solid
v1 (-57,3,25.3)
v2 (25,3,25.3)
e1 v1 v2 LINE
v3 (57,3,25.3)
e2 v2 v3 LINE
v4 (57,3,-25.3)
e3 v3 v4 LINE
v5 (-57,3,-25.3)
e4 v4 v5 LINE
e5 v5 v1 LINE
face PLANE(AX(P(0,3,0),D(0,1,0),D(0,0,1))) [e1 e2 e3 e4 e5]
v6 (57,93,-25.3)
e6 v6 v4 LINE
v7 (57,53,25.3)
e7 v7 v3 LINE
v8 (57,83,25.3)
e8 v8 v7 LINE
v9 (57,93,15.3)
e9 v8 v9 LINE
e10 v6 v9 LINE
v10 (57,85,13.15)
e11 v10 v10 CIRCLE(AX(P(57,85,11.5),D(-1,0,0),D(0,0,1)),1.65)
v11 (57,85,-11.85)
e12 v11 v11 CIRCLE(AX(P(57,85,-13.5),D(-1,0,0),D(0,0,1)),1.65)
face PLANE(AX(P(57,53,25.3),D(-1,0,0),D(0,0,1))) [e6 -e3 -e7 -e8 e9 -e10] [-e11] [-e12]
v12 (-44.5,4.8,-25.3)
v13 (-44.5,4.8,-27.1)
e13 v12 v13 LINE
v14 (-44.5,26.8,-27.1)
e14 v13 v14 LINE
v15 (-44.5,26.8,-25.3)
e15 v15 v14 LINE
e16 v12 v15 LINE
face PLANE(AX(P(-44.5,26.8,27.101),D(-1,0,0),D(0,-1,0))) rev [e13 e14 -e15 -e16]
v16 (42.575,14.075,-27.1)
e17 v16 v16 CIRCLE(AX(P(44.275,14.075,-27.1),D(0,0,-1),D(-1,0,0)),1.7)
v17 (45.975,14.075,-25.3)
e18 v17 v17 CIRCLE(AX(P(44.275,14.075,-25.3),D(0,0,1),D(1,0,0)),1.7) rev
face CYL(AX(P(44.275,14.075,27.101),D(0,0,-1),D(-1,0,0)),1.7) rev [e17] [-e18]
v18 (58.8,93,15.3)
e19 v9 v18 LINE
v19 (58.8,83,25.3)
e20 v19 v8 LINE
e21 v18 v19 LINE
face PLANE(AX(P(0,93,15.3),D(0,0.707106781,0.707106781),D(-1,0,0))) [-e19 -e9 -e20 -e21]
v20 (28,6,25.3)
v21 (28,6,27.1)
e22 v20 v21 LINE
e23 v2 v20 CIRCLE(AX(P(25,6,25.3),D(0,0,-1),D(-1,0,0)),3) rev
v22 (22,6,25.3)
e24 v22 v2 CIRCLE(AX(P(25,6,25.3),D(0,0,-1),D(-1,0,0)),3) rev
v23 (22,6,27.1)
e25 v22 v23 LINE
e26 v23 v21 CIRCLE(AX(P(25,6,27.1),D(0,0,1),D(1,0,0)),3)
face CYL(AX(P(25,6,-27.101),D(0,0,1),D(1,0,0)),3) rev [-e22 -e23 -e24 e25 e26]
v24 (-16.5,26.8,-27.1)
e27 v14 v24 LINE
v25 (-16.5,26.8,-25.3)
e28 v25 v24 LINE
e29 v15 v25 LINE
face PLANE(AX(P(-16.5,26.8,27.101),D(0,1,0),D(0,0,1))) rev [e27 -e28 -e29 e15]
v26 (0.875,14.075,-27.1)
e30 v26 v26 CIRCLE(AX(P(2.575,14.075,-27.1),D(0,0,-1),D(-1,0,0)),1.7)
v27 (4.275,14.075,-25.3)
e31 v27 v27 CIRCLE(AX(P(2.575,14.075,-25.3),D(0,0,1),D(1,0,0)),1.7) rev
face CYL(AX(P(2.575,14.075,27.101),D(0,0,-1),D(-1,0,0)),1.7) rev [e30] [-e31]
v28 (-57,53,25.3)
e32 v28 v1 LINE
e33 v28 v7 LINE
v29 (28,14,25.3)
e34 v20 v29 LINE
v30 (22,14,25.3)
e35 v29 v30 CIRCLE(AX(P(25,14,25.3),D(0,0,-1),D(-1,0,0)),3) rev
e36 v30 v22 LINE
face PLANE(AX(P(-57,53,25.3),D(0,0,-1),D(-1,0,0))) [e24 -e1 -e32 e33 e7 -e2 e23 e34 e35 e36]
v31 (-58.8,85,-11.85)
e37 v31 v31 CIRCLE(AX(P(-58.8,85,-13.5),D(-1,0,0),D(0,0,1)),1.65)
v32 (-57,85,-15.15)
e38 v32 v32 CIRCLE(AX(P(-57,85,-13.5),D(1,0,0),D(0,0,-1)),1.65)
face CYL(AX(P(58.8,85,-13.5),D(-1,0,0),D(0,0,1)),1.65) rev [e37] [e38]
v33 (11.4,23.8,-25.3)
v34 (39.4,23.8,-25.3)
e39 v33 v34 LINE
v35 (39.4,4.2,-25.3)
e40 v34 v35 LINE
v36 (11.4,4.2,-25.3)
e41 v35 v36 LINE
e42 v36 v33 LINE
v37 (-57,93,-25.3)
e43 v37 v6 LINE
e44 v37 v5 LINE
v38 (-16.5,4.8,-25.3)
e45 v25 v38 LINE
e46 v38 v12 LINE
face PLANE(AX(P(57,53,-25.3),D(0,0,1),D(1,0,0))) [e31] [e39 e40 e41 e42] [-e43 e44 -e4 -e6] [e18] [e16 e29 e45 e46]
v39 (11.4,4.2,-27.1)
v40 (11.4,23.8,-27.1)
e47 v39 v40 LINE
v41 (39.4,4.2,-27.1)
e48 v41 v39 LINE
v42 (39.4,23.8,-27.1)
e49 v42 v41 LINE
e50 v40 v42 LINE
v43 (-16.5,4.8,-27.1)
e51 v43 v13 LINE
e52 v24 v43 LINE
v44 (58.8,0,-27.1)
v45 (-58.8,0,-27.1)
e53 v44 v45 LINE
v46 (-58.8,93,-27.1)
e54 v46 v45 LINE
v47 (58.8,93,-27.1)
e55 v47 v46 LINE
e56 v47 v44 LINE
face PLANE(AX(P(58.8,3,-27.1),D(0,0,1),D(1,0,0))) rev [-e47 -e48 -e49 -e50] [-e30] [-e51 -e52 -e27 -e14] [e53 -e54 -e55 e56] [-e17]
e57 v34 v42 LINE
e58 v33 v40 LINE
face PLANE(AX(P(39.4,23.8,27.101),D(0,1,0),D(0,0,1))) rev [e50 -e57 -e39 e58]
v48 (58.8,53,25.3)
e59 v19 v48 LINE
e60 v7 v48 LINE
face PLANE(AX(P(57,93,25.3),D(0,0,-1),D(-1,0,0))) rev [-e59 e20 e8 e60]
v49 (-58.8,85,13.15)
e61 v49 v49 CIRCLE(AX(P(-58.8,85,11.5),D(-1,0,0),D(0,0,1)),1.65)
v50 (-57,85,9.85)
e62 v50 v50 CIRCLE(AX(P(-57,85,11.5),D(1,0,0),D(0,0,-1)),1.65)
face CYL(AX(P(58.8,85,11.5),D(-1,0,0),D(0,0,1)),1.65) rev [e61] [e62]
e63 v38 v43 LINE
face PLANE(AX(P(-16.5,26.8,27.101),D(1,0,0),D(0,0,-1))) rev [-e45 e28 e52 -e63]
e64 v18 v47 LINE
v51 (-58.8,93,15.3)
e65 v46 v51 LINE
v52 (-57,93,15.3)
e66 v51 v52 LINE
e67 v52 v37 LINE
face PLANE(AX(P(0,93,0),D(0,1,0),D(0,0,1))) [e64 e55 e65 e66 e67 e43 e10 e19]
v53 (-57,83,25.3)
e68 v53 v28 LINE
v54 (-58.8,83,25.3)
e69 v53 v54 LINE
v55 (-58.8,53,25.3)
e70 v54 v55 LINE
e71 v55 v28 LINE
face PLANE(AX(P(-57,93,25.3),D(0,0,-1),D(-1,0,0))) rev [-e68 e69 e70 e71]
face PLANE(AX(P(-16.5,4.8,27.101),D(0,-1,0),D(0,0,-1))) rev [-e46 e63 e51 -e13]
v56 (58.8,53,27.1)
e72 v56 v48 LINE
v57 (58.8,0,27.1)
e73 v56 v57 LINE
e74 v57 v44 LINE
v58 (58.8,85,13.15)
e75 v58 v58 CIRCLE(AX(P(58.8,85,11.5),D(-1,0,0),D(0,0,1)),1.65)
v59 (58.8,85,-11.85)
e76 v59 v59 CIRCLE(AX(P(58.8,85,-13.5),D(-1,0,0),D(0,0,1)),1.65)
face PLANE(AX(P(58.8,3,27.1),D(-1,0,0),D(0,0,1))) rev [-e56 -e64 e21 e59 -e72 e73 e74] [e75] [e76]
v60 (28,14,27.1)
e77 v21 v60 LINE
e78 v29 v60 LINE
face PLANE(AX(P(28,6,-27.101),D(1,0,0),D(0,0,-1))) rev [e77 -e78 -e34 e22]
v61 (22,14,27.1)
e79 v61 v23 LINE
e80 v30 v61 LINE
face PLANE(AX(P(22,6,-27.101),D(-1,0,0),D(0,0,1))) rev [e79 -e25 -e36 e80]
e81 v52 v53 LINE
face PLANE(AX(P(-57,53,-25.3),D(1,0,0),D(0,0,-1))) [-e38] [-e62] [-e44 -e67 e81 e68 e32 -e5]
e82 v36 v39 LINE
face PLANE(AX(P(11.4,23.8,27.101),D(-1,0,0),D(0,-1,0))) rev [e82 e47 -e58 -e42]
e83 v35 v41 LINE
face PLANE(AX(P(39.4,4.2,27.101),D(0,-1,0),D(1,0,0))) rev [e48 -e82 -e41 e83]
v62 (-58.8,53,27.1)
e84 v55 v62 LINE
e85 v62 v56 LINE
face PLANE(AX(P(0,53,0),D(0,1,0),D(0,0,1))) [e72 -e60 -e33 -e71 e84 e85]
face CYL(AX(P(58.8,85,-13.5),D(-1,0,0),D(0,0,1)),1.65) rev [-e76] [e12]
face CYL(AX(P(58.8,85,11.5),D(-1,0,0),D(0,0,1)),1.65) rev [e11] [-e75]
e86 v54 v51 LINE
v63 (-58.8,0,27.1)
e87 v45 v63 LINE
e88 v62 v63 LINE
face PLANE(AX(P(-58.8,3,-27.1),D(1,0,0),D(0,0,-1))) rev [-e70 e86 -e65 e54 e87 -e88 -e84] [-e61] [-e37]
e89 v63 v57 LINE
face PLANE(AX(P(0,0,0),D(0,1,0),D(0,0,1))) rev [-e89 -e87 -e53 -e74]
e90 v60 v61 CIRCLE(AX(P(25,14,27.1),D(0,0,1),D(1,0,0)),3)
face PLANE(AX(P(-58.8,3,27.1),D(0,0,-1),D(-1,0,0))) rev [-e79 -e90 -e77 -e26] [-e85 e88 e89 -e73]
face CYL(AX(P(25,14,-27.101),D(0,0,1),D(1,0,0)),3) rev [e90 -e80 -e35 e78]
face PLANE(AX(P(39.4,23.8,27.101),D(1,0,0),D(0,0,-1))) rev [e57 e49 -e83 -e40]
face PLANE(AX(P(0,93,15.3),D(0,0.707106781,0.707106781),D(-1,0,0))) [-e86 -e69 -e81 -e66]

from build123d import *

# Parameters (mm, degrees)
SKETCH2_W           = 117.6
SKETCH2_H           = 54.2
BOSS_EXTRUDE1_DEPTH = 3
SKETCH3_W           = 117.6
SKETCH3_H           = 54.2
SKETCH3_W_2         = 114
SKETCH3_H_2         = 50.6
BOSS_EXTRUDE2_DEPTH = 50
BOSS_EXTRUDE3_DEPTH = 40
CHAMFER1_SIZE       = 10
SKETCH5_R           = 1.65
CUT_EXTRUDE1_DEPTH  = 153.358688627
CUT_EXTRUDE2_REACH  = 124.654
SKETCH6_R           = 1.7
SKETCH6_W           = 28
SKETCH6_H           = 19.6
SKETCH6_H_2         = 22
CUT_EXTRUDE3_REACH  = 124.654


with BuildPart() as part:
    # Sketch2 → Boss-Extrude1 (new body)
    with BuildSketch(Plane(origin=(0, 0, 0), x_dir=(1, 0, 0), z_dir=(0, 1, 0))):
        Rectangle(SKETCH2_W, SKETCH2_H)
    extrude(amount=BOSS_EXTRUDE1_DEPTH)

    # Sketch3 → Boss-Extrude2 (add)
    with BuildSketch(Plane(origin=(0, 3, 0), x_dir=(1, 0, 0), z_dir=(0, 1, 0))):
        Rectangle(SKETCH3_W, SKETCH3_H)
        Rectangle(SKETCH3_W_2, SKETCH3_H_2, mode=Mode.SUBTRACT)
    extrude(amount=BOSS_EXTRUDE2_DEPTH)

    # Sketch4 → Boss-Extrude3 (add)
    with BuildSketch(Plane(origin=(0, 53, 0), x_dir=(1, 0, 0), z_dir=(0, 1, 0))):
        Polygon((57, -25.3), (57, 25.3), (-57, 25.3), (-57, -25.3), (-58.8, -25.3), (-58.8, 27.1), (58.8, 27.1), (58.8, -25.3), align=None)
    extrude(amount=BOSS_EXTRUDE3_DEPTH)

    # Chamfer1
    chamfer1_edges = [part.edges().sort_by_distance(p)[0] for p in [
        (-57.9, 93, 25.3),
        (57.9, 93, 25.3),
    ]]
    chamfer(chamfer1_edges, length=CHAMFER1_SIZE)

    # Sketch5 → Cut-Extrude1 (cut, through all)
    with BuildSketch(Plane.ZY.offset(58.8)):
        with Locations((11.5, 85)):
            Circle(SKETCH5_R)
        with Locations((-13.5, 85)):
            Circle(SKETCH5_R)
    extrude(amount=-CUT_EXTRUDE1_DEPTH, mode=Mode.SUBTRACT)

    # Sketch6 → Cut-Extrude2 (cut, up to next)
    with BuildSketch(Plane(origin=(0, 0, -27.1), x_dir=(-1, 0, 0), z_dir=(0, 0, -1)), mode=Mode.PRIVATE) as cut_extrude2_sk1:
        with Locations((-2.575, 14.075)):
            Circle(SKETCH6_R)
    cut_extrude2_tool1 = extrude(cut_extrude2_sk1.sketch, amount=-CUT_EXTRUDE2_REACH, mode=Mode.PRIVATE) & part.part
    # Sketch6 → Cut-Extrude2 (cut, up to next)
    with BuildSketch(Plane(origin=(0, 0, -27.1), x_dir=(-1, 0, 0), z_dir=(0, 0, -1)), mode=Mode.PRIVATE) as cut_extrude2_sk2:
        with Locations((-44.275, 14.075)):
            Circle(SKETCH6_R)
    cut_extrude2_tool2 = extrude(cut_extrude2_sk2.sketch, amount=-CUT_EXTRUDE2_REACH, mode=Mode.PRIVATE) & part.part
    # Sketch6 → Cut-Extrude2 (cut, up to next)
    with BuildSketch(Plane(origin=(0, 0, -27.1), x_dir=(-1, 0, 0), z_dir=(0, 0, -1)), mode=Mode.PRIVATE) as cut_extrude2_sk3:
        with Locations((-25.4, 14)):
            Rectangle(SKETCH6_W, SKETCH6_H)
    cut_extrude2_tool3 = extrude(cut_extrude2_sk3.sketch, amount=-CUT_EXTRUDE2_REACH, mode=Mode.PRIVATE) & part.part
    # Sketch6 → Cut-Extrude2 (cut, up to next)
    with BuildSketch(Plane(origin=(0, 0, -27.1), x_dir=(-1, 0, 0), z_dir=(0, 0, -1)), mode=Mode.PRIVATE) as cut_extrude2_sk4:
        with Locations((30.5, 15.8)):
            Rectangle(SKETCH6_W, SKETCH6_H_2)
    cut_extrude2_tool4 = extrude(cut_extrude2_sk4.sketch, amount=-CUT_EXTRUDE2_REACH, mode=Mode.PRIVATE) & part.part
    add(cut_extrude2_tool1.solids().sort_by_distance((2.575, 14.075, -27.1))[0], mode=Mode.SUBTRACT)
    add(cut_extrude2_tool2.solids().sort_by_distance((44.275, 14.075, -27.1))[0], mode=Mode.SUBTRACT)
    add(cut_extrude2_tool3.solids().sort_by_distance((25.4, 14, -27.1))[0], mode=Mode.SUBTRACT)
    add(cut_extrude2_tool4.solids().sort_by_distance((-30.5, 15.8, -27.1))[0], mode=Mode.SUBTRACT)

    # Sketch7 → Cut-Extrude3 (cut, up to next)
    with BuildSketch(Plane.XY.offset(27.1), mode=Mode.PRIVATE) as cut_extrude3_sk1:
        with BuildLine():
            Line((22, 6), (22, 14))
            ThreePointArc((22, 14), (25, 17), (28, 14))
            Line((28, 14), (28, 6))
            ThreePointArc((28, 6), (25, 3), (22, 6))
        make_face()
    cut_extrude3_tool1 = extrude(cut_extrude3_sk1.sketch, amount=-CUT_EXTRUDE3_REACH, mode=Mode.PRIVATE) & part.part
    add(cut_extrude3_tool1.solids().sort_by_distance((25, 10, 27.1))[0], mode=Mode.SUBTRACT)


solid = part.part
